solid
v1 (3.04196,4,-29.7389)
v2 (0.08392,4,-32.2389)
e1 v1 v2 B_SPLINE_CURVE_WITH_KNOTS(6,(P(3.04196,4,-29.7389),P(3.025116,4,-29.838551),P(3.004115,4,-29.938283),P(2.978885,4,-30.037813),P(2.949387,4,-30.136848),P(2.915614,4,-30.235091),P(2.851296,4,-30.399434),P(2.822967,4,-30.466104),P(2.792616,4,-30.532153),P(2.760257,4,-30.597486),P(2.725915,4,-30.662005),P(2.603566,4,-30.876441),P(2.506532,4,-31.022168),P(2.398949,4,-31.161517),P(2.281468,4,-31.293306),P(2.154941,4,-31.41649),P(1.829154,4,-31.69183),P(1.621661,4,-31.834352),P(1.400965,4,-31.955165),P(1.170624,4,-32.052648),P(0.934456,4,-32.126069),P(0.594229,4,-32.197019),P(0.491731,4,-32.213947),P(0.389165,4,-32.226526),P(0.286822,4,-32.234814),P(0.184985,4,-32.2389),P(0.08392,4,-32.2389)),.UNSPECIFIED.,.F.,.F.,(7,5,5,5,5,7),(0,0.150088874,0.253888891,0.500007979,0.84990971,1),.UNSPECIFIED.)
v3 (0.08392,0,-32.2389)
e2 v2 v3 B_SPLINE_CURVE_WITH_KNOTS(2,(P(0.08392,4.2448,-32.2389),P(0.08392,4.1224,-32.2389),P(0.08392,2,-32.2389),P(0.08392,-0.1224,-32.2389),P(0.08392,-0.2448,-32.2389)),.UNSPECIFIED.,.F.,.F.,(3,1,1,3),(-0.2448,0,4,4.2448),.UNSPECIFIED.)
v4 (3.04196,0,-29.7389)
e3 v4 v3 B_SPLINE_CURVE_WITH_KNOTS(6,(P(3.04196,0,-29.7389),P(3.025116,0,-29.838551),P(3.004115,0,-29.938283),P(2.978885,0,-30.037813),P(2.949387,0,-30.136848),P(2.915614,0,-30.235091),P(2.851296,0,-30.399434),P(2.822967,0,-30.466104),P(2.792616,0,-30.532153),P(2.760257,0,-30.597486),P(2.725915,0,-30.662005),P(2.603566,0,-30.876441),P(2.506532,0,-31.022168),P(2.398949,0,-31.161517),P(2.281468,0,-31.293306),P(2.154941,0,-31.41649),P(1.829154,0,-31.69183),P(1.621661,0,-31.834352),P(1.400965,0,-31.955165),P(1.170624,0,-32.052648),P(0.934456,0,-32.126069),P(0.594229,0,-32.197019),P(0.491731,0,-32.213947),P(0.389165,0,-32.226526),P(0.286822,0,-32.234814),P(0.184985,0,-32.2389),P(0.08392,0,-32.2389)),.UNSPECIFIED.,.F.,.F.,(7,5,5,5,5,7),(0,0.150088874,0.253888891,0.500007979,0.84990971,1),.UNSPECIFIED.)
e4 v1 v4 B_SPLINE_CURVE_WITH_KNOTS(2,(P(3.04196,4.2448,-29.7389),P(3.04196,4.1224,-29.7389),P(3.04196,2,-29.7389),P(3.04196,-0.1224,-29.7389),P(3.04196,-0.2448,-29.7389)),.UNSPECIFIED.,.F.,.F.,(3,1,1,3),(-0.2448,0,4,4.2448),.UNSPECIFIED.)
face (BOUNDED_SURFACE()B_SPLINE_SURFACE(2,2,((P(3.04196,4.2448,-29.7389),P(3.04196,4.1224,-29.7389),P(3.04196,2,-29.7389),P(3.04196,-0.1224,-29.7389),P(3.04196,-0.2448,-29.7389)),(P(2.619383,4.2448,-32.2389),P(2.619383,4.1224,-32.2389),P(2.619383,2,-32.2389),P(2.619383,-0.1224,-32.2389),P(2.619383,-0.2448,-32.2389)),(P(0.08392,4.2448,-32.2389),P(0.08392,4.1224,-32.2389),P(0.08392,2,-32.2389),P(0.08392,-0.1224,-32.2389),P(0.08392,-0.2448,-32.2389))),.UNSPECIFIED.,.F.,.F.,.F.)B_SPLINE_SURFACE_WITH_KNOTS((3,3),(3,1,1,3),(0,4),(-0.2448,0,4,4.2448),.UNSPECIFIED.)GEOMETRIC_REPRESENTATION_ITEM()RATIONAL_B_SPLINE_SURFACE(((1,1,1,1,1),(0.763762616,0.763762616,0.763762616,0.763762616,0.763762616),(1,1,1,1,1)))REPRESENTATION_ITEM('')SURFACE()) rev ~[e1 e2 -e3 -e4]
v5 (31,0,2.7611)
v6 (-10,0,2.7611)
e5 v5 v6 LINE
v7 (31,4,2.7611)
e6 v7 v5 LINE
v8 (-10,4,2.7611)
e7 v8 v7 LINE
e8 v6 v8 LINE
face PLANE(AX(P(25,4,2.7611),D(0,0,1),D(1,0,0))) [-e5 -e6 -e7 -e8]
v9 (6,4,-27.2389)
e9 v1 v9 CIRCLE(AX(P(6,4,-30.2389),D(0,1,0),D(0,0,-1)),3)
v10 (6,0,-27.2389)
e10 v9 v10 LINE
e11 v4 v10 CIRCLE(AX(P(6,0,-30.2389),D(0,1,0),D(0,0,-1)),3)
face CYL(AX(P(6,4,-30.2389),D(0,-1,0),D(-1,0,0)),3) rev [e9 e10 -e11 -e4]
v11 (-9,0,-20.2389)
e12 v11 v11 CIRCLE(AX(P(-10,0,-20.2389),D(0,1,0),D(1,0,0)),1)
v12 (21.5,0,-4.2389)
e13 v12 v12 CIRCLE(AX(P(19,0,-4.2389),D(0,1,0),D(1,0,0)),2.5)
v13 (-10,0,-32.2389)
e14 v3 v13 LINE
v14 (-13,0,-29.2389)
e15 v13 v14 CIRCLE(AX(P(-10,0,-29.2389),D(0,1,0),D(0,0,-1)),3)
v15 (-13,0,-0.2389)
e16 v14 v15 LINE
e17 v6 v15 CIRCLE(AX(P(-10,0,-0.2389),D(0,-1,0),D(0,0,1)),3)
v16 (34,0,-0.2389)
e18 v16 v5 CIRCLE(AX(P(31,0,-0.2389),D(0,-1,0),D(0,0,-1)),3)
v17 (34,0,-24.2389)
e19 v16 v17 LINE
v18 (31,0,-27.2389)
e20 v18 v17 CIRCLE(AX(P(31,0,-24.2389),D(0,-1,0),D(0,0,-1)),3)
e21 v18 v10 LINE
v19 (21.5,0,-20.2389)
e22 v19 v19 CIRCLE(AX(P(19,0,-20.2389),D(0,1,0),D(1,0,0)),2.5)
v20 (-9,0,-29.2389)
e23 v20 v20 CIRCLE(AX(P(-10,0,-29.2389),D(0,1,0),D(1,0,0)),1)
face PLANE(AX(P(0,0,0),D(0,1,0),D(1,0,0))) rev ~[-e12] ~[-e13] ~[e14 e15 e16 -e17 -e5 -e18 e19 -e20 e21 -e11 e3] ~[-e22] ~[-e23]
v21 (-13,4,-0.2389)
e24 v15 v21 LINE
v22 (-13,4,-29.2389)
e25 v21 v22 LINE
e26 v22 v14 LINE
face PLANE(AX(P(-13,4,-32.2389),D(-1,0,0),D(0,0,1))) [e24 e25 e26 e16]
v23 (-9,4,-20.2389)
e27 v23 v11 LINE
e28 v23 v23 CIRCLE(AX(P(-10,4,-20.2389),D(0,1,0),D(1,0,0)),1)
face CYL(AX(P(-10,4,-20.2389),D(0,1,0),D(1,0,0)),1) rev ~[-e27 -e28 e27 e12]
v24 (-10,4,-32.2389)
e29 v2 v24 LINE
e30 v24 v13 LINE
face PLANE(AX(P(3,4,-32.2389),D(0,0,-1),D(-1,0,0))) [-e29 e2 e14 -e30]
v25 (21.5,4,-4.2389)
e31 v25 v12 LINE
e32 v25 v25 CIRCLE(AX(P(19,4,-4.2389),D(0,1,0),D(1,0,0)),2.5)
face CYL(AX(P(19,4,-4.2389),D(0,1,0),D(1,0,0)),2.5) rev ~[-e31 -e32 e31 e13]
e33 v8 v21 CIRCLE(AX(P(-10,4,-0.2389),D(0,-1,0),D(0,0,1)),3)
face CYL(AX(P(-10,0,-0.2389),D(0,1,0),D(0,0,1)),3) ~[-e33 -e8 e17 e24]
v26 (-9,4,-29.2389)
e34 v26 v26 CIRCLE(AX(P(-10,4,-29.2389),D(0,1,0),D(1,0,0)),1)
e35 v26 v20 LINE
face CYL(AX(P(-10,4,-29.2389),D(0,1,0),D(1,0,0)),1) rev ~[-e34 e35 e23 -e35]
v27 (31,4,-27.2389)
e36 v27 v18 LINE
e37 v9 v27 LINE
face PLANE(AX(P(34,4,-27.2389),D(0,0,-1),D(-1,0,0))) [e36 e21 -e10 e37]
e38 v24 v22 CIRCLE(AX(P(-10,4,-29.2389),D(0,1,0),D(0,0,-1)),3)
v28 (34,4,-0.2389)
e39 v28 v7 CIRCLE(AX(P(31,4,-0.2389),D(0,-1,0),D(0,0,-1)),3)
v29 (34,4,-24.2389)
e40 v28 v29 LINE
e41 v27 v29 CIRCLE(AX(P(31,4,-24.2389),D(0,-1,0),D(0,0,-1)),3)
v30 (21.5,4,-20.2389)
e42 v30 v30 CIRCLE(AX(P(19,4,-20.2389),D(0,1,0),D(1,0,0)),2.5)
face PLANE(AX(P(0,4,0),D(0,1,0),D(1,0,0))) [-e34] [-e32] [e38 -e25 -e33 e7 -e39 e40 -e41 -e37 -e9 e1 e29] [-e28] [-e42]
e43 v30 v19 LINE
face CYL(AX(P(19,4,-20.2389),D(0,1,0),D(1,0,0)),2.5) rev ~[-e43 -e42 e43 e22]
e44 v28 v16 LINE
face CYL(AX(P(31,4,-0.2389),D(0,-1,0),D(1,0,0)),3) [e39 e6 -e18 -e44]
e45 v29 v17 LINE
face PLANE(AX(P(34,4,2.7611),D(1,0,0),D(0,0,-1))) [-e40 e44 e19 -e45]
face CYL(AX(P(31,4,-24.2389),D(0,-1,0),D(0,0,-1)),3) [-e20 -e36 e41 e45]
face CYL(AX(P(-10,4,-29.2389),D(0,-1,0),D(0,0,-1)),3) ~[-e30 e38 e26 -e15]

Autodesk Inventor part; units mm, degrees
ref_plane "YZ Plane" through (0, 0, 0) normal (1, 0, 0) x (0, 1, 0)
ref_plane "XZ Plane" through (0, 0, 0) normal (0, 1, 0) x (-1, 0, 0)
ref_plane "XY Plane" through (0, 0, 0) normal (0, 0, 1) x (1, 0, 0)
sketch "Sketch1" plane through (0, 0, 0) normal (0, 1, 0) x (-1, 0, 0)
  line L0 (13, 2.7611) -> (-25, 2.7611)
  line L1 (-25, 2.7611) -> (-25, -27.2389)
  line L2 (-25, -27.2389) -> (13, -27.2389)
  line L3 (13, -27.2389) -> (13, 2.7611)
  circle A0 centre (-10, -4.2389) radius 2.75
  line L4 (-4.8021, -1.4889) -> (-20.6552, -1.4889)
  line L5 (-20.6552, -1.4889) -> (-20.6552, -6.9889)
  line L6 (-20.6552, -6.9889) -> (-4.8021, -6.9889)
  line L7 (-4.8021, -6.9889) -> (-4.8021, -1.4889)
  circle A1 centre (-4.8021, -4.2389) radius 2.75
  circle A2 centre (-20.6552, -4.2389) radius 2.75
  point P0 (0, 0)
  point P1 (-20.6552, -1.4889)
  point P2 (-4.8021, -1.4889)
  point P3 (-10, -6.9889)
  point P4 (-10, -1.4889)
  dimension "d0" = 15
  dimension "d1" = 38
  dimension "d2" = 5.5
  dimension "d3" = 7
  dimension "d4" = 30
extrude "Extrusion1" add sketch "Sketch1" along normal blind 4 contours L3 L2 L1 L0 | A0 A1 L7 | A0 L4 A1 | A1 L6 A0 | A1 L7
sketch "Sketch2" plane through (0, 4, 0) normal (0, 1, 0) x (1, 0, 0)
  line L0 (-13, -2.7611) -> (25, -2.7611) projected
  line L1 (25, -2.7611) -> (34, -2.7611)
  line L2 (34, -2.7611) -> (34, 27.2389)
  line L3 (34, 27.2389) -> (25, 27.2389)
  line L4 (25, 27.2389) -> (25, -2.7611)
  line L5 (25, 27.2389) -> (-13, 27.2389) projected
  point P0 (0, 0)
  dimension "d11" = 9
extrude "Extrusion2" add sketch "Sketch2" against normal up to surface (4 mm away)
sketch "Sketch3" plane through (0, 4, 0) normal (0, 1, 0) x (1, 0, 0)
  circle A0 centre (20.6552, 20.2389) radius 2.75
  line L0 (34, 27.2389) -> (-13, 27.2389) projected
  arc A1 (20.6552, 1.4889) -> (20.6552, 6.9889) centre (20.6552, 4.2389) ccw projected
  circle A2 centre (10, 20.2389) radius 2.75
  line L1 (10, 17.4889) -> (20.6552, 17.4889)
  line L2 (20.6552, 17.4889) -> (20.6552, 22.9889)
  line L3 (20.6552, 22.9889) -> (10, 22.9889)
  line L4 (10, 22.9889) -> (10, 17.4889)
  point P0 (0, 0)
  point P1 (10, 22.9889)
  point P2 (20.6552, 17.4889)
  dimension "d15" = 5.5
  dimension "d14" = 7
extrude "Extrusion3" cut sketch "Sketch3" against normal blind 10
sketch "Sketch4" plane through (0, 4, 0) normal (0, 1, 0) x (1, 0, 0)
  line L0 (-13, 27.2389) -> (-13, -2.7611) projected
  line L1 (-13, 15.4131) -> (3, 15.4131)
  line L2 (3, 15.4131) -> (3, 32.2389)
  line L3 (3, 32.2389) -> (-13, 32.2389)
  line L4 (-13, 32.2389) -> (-13, 15.4131)
  line L5 (34, 27.2389) -> (-13, 27.2389) projected
  point P0 (0, 0)
  point P1 (-13, 27.2389)
  point P2 (3, 27.2389)
  dimension "d18" = 16
  dimension "d19" = 5
extrude "Extrusion4" add sketch "Sketch4" against normal up to surface (4 mm away) contours L4 L3 L2 L5
sketch "Sketch5" plane through (0, 4, 0) normal (0, 1, 0) x (1, 0, 0)
  circle A0 centre (-10, 29.2389) radius 1
  circle A1 centre (-10, 20.2389) radius 1
  line L0 (-13, 32.2389) -> (-13, -2.7611) projected
  line L1 (3, 32.2389) -> (-13, 32.2389) projected
  point P0 (0, 0)
  dimension "d22" = 2
  dimension "d23" = 9
  dimension "d24" = 3
  dimension "d25" = 3
extrude "Extrusion5" cut sketch "Sketch5" against normal through all
fillet "Fillet1" radius 3 6 edges at (3, 2, -27.2389) (3, 2, -32.2389) (-13, 2, -32.2389) (34, 2, -27.2389) (34, 2, 2.7611) (-13, 2, 2.7611)
sketch "Sketch7" plane through (0, 4, 0) normal (0, 1, 0) x (1, 0, 0)
  arc A0 (10, 6.9889) -> (10, 1.4889) centre (10, 4.2389) ccw projected
  line L0 (10, 6.9889) -> (20.6552, 6.9889) projected
  line L1 (20.6552, 1.4889) -> (10, 1.4889) projected
  arc A1 (20.6552, 1.4889) -> (20.6552, 6.9889) centre (20.6552, 4.2389) ccw projected
  line L2 (20.6552, 17.4889) -> (10, 17.4889) projected
  line L3 (10, 22.9889) -> (20.6552, 22.9889) projected
  arc A2 (10, 22.9889) -> (10, 17.4889) centre (10, 20.2389) ccw projected
  arc A3 (20.6552, 17.4889) -> (20.6552, 22.9889) centre (20.6552, 20.2389) ccw projected
  circle A4 centre (19, 4.2389) radius 2.5
  circle A5 centre (19, 20.2389) radius 2.5
  line L4 (34, 0.2389) -> (34, 24.2389) projected
  point P0 (0, 0)
  dimension "d31" = 5
  dimension "d32" = 15
extrude "Extrusion7" add sketch "Sketch7" against normal up to surface (4 mm away)
properties part number "ystop"
